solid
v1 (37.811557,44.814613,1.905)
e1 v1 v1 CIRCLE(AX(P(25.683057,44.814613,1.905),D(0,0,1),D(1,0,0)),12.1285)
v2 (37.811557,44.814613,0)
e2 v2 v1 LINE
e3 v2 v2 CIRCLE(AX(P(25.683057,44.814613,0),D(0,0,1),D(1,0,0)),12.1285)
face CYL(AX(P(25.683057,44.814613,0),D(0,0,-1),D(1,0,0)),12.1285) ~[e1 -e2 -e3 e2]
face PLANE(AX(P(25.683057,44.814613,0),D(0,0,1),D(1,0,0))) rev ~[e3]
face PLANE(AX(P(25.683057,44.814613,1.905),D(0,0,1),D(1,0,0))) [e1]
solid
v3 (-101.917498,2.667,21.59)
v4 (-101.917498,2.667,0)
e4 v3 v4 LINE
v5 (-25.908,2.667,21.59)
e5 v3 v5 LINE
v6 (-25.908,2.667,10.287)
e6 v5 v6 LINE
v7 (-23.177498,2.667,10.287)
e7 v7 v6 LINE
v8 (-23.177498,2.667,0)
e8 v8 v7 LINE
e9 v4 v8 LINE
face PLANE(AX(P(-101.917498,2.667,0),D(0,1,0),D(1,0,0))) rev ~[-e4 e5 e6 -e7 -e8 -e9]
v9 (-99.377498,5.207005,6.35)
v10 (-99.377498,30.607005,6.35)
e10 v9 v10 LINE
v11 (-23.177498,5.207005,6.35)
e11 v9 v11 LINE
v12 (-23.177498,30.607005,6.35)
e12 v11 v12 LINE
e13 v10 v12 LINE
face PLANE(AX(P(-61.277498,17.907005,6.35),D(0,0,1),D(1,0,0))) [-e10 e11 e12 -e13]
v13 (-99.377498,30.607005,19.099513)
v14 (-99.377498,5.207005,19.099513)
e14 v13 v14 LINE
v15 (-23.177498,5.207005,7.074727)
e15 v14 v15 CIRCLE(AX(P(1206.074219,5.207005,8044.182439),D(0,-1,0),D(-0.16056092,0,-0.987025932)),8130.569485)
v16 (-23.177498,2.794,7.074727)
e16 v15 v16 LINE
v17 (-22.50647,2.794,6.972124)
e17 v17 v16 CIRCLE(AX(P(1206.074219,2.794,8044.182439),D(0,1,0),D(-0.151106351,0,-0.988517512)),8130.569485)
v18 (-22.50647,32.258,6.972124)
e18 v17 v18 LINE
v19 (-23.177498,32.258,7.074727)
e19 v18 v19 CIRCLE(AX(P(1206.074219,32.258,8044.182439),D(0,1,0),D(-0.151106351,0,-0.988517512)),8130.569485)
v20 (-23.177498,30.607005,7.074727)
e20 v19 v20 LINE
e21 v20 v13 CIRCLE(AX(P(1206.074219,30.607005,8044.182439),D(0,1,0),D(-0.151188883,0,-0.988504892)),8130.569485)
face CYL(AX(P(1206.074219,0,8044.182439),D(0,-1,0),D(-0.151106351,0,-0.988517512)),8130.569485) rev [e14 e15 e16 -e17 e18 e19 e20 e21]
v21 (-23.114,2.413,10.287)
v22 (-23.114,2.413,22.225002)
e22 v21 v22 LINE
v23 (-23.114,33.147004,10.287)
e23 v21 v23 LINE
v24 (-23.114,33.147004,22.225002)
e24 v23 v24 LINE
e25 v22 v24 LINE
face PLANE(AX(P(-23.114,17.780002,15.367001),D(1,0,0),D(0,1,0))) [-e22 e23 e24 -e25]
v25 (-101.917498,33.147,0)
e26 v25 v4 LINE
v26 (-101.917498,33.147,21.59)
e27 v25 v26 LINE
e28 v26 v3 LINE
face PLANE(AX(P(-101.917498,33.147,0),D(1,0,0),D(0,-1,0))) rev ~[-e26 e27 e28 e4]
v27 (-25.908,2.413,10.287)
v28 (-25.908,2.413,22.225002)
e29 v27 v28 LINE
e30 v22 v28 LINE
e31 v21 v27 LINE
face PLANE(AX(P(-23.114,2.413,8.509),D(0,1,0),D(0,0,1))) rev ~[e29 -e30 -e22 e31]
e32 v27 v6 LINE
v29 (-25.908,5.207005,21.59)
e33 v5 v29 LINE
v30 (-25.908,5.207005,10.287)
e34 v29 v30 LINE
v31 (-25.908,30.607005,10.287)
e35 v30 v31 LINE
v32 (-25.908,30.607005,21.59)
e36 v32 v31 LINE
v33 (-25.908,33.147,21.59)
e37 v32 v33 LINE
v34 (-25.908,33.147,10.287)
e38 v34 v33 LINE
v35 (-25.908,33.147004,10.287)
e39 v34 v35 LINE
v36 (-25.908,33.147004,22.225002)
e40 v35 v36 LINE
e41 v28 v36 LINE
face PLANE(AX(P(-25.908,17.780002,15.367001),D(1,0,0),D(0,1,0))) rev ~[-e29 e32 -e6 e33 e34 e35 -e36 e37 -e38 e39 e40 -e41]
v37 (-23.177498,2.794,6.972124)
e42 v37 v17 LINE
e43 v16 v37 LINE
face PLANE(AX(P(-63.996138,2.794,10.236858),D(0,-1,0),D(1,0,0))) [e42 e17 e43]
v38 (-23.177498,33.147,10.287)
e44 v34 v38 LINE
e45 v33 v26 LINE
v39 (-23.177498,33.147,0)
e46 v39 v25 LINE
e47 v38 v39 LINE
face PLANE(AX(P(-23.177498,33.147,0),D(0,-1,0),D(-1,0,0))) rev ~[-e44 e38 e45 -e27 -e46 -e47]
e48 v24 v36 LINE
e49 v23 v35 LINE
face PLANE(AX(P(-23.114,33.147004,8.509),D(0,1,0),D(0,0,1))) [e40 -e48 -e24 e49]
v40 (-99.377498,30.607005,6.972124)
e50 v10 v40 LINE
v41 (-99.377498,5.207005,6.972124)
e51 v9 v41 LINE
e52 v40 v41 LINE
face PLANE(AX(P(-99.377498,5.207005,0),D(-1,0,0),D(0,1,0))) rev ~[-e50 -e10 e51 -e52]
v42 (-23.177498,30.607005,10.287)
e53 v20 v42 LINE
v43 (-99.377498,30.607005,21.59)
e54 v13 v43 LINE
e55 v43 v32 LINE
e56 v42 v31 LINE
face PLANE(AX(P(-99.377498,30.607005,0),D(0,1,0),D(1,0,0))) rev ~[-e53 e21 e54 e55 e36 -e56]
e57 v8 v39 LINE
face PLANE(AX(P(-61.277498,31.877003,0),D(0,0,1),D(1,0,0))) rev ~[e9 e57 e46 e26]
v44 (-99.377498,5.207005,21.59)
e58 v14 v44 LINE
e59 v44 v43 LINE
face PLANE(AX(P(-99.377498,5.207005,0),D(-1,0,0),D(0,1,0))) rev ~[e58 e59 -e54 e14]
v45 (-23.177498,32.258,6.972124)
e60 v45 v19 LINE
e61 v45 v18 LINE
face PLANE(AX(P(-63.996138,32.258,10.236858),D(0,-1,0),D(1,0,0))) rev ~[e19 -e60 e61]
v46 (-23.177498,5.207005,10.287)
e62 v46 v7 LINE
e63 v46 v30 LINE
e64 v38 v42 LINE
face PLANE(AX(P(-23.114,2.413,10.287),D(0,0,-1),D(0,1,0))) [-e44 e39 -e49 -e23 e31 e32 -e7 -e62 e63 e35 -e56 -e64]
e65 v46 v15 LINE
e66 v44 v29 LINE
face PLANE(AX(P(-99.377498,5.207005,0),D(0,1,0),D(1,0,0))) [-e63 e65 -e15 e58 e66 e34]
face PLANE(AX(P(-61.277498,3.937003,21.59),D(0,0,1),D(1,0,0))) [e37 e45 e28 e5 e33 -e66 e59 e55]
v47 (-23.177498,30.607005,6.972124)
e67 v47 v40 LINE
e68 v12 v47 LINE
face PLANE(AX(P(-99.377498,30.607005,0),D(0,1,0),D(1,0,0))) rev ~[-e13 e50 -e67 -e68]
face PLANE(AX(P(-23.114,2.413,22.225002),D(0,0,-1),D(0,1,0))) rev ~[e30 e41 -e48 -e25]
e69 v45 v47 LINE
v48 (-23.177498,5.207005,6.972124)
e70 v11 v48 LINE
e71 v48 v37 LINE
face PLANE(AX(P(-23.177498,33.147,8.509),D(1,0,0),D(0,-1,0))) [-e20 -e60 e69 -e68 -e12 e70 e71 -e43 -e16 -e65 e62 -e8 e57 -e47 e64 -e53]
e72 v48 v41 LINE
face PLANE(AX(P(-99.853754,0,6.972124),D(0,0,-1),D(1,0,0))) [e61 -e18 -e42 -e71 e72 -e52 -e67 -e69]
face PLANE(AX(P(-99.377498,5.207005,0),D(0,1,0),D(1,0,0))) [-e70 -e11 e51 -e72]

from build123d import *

# Parameters (mm, degrees)
F0_W      = 76.2
F0_H      = 25.4
F1_DEPTH  = 6.35
F0_H_2    = 2.5399950532
F0_H_3    = 2.5400049468
F2_DEPTH  = 19.05
F4_DEPTH  = 32.258
F5_DEPTH  = 2.794
F6_DEPTH  = 21.59
F8_START  = -23.114
F7_W      = 30.7340035215
F7_H      = 13.7160019949
F8_DEPTH  = 2.794
F9_R      = 12.1285
F10_DEPTH = 1.905
F11_DEPTH = 1.778


with BuildPart() as f1:
    # F0 (on Top) → F1 (new body)
    with BuildSketch(Plane.XY):
        with Locations((-61.2774978137, 17.9070052312)):
            Rectangle(F0_W, F0_H)
    extrude(amount=F1_DEPTH)



with BuildPart() as f2:
    # F0 (on Top) → F2 (new body)
    with BuildSketch(Plane.XY):
        with Locations((-61.2774978137, 31.8770027578)):
            Rectangle(F0_W, F0_H_2)
        with Locations((-61.2774978137, 3.9370027578)):
            Rectangle(F0_W, F0_H_3)
        Polygon((-99.3774978137, 5.2070052312), (-99.3774978137, 30.6070052312), (-99.3774978137, 33.1470002844), (-101.9174978137, 33.1470002844), (-101.9174978137, 2.6670002844), (-99.3774978137, 2.6670002844), align=None)
    extrude(amount=F2_DEPTH)

    # F3 (on Front) → F4 (join)
    with BuildSketch(Plane.XZ):
        with BuildLine():
            ThreePointArc((-22.5064698607, 6.9721243344), (-61.1948049528, 12.9814471102), (-99.8537540436, 19.1770009696))
            Line((-99.8537540436, 19.1770009696), (-99.8537540436, 6.9721243344))
            Line((-99.8537540436, 6.9721243344), (-22.5064698607, 6.9721243344))
        make_face()
    extrude(amount=-F4_DEPTH)

    # F5 (cut): a face of the model
    f5_faces = [f2.faces().sort_by_distance(p)[0] for p in [
        (-74.2070811501, 0, 11.0193779439),
    ]]
    extrude(f5_faces, amount=-F5_DEPTH, mode=Mode.SUBTRACT)


with BuildPart() as f1_1:
    add(f1.part)

    add(f2.part)  # F6 merges F2
    # F0 (on Top) → F6 (join)
    with BuildSketch(Plane.XY):
        with Locations((-61.2774978137, 3.9370027578)):
            Rectangle(F0_W, F0_H_3)
        Polygon((-99.3774978137, 5.2070052312), (-99.3774978137, 30.6070052312), (-99.3774978137, 33.1470002844), (-101.9174978137, 33.1470002844), (-101.9174978137, 2.6670002844), (-99.3774978137, 2.6670002844), align=None)
        with Locations((-61.2774978137, 31.8770027578)):
            Rectangle(F0_W, F0_H_2)
    extrude(amount=F6_DEPTH)

    # F7 (on Right) → F8 (join)
    with BuildSketch(Plane.YZ.offset(F8_START)):
        with Locations((17.7800017409, 15.3670008294)):
            Rectangle(F7_W, F7_H)
    extrude(amount=-F8_DEPTH)

    # F11 (cut): a face of the model
    f11_faces = [f1_1.faces().sort_by_distance(p)[0] for p in [
        (-24.5048834941, 17.7555399207, 8.508999832),
    ]]
    extrude(f11_faces, amount=-F11_DEPTH, mode=Mode.SUBTRACT)


with BuildPart() as f10:
    # F9 (on Top) → F10 (new body)
    with BuildSketch(Plane.XY):
        with Locations((25.6830565631, 44.8146127164)):
            Circle(F9_R)
    extrude(amount=F10_DEPTH)


solid = Compound([f1_1.part, f10.part])
